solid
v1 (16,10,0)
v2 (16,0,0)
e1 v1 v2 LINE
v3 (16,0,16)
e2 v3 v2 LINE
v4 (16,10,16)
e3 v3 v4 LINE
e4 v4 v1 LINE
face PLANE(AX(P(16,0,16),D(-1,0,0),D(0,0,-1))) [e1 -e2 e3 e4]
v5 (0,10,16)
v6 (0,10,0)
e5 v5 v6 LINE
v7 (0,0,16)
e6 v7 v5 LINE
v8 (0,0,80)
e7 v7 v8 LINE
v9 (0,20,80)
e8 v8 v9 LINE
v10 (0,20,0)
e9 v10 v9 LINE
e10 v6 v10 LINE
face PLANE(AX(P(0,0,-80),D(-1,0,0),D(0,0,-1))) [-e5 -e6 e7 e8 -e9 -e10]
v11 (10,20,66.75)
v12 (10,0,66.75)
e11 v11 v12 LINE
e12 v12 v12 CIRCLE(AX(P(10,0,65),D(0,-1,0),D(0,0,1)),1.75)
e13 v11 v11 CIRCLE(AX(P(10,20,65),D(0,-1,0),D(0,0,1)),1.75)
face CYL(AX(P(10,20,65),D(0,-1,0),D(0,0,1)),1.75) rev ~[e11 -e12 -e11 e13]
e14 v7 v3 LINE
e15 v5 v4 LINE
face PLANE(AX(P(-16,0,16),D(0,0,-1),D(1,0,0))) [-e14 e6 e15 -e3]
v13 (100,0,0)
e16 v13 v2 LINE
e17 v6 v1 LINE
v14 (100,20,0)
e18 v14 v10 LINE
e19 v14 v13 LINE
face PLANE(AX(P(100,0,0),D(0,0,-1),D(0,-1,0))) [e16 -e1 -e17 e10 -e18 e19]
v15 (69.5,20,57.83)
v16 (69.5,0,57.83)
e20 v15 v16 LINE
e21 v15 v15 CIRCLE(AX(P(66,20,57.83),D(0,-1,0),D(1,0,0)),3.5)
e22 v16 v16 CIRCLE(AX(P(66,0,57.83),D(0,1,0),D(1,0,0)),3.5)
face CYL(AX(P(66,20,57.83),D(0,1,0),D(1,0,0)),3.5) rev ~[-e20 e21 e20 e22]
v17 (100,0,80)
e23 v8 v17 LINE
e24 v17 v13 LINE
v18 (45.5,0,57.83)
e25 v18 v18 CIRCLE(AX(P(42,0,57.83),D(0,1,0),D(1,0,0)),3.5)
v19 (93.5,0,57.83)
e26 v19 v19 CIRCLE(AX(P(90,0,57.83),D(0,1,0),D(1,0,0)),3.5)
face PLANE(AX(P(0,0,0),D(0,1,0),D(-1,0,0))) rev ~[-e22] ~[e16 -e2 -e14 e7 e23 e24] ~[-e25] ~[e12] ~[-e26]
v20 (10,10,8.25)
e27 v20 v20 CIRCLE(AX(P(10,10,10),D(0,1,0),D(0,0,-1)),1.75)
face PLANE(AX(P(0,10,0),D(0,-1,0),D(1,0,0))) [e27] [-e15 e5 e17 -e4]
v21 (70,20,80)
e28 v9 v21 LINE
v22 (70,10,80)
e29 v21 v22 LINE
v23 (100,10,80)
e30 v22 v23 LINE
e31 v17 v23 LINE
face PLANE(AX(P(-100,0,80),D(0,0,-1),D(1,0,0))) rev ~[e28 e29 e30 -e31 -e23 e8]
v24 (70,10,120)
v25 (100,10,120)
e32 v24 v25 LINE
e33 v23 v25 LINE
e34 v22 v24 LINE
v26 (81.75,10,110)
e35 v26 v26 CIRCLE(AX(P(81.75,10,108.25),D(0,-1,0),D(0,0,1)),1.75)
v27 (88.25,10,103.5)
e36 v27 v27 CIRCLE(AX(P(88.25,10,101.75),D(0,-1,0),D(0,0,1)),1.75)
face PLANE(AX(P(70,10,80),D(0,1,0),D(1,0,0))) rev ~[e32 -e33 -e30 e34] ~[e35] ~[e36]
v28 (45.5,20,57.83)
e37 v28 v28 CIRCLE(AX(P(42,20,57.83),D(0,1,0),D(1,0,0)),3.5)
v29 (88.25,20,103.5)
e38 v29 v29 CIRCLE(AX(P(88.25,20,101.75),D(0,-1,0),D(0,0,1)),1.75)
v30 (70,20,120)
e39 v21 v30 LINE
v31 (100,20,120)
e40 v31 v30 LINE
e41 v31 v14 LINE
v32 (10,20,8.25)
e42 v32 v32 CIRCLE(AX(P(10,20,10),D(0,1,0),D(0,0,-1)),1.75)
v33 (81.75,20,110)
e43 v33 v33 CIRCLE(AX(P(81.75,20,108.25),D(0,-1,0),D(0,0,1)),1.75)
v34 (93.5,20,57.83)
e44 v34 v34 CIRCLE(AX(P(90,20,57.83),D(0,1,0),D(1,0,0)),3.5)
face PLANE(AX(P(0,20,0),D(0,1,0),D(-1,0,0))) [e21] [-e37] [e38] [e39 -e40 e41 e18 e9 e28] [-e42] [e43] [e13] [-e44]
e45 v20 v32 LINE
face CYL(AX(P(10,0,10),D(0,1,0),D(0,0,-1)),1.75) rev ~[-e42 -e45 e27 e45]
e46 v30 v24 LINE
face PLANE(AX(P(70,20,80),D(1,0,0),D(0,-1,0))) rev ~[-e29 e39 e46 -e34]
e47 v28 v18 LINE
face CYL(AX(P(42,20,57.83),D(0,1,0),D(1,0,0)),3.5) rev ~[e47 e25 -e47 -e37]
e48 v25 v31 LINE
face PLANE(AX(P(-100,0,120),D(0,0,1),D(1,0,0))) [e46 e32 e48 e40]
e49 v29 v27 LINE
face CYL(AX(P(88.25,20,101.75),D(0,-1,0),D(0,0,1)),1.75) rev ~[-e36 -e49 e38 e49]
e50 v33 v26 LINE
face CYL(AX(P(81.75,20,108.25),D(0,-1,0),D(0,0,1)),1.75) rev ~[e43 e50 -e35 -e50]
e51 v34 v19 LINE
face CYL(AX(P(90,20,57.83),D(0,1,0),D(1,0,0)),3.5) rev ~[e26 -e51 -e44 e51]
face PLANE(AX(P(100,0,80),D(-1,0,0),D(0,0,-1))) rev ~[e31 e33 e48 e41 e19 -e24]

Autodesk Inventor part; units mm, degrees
ref_plane "YZ Plane" through (0, 0, 0) normal (1, 0, 0) x (0, 1, 0)
ref_plane "XZ Plane" through (0, 0, 0) normal (0, 1, 0) x (-1, 0, 0)
ref_plane "XY Plane" through (0, 0, 0) normal (0, 0, 1) x (1, 0, 0)
sketch "Boceto1" plane through (0, 0, 0) normal (0, 1, 0) x (-1, 0, 0)
  line L0 (100, 80) -> (-100, 80)
  line L1 (-100, 80) -> (-100, -80)
  line L2 (-100, -80) -> (100, -80)
  line L3 (100, -80) -> (100, 80)
  line L4 (100, 80) -> (-100, -80) construction
  line L5 (-100, 80) -> (100, -80) construction
  point P0 (0, 0)
  dimension "d0" = 200
  dimension "d1" = 160
extrude "Extrusión1" add sketch "Boceto1" along normal blind 20
sketch "Boceto2" plane through (0, 20, 0) normal (0, 1, 0) x (1, 0, 0)
  circle A0 centre (-90, -57.83) radius 3.5
  line L0 (-100, -65.43) -> (-32, -65.43)
  line L1 (-32, -65.43) -> (-32, 14.57)
  line L2 (-32, 14.57) -> (-100, 14.57)
  line L3 (-100, 14.57) -> (-100, -65.43)
  line L4 (-66, -65.43) -> (-66, -8.508)
  circle A1 centre (-66, -57.83) radius 3.5
  circle A2 centre (-42, -57.83) radius 3.5
  line L5 (-32, -25.43) -> (-48.2072, -25.43)
  circle A3 centre (-42, 6.97) radius 3.5
  circle A4 centre (-66, 6.97) radius 3.5
  circle A5 centre (-90, 6.97) radius 3.5
  circle A6 centre (-60, 55) radius 5
  line L6 (-100, 80) -> (-100, -80) projected
  line L7 (0, 0) -> (0, -20.5185)
  circle A7 centre (90, -57.83) radius 3.5
  circle A8 centre (66, -57.83) radius 3.5
  circle A9 centre (42, -57.83) radius 3.5
  line L8 (100, -65.43) -> (32, -65.43)
  line L9 (66, -65.43) -> (66, -8.508)
  line L10 (32, -25.43) -> (48.2072, -25.43)
  circle A10 centre (90, 6.97) radius 3.5
  line L11 (100, 14.57) -> (100, -65.43)
  circle A11 centre (66, 6.97) radius 3.5
  line L12 (32, 14.57) -> (100, 14.57)
  line L13 (32, -65.43) -> (32, 14.57)
  circle A12 centre (42, 6.97) radius 3.5
  circle A13 centre (60, 55) radius 5
  line L14 (100, 80) -> (100, -80)
  dimension "d4" = 7
  dimension "d5" = 68
  dimension "d6" = 80
  dimension "d7" = 7.6
  dimension "d8" = 10
  dimension "d9" = 7
  dimension "d10" = 24
  dimension "d11" = 10
  dimension "d16" = 0
  dimension "d19" = 40
extrude "Extrusión2" cut sketch "Boceto2" against normal blind 20 contours A0 | A1 L4 | L4 A1 | A2 | A3 | A4 | A5 | A7 | A8 L9 | L9 A8 | A9 | A10 | A11 | A12
sketch "Boceto3" plane through (-100, 0, 80) normal (0, 0, 1) x (1, 0, 0)
  line L0 (0, 20) -> (30, 20)
  line L1 (30, 20) -> (30, 10)
  line L2 (30, 10) -> (0, 10)
  line L3 (0, 10) -> (0, 20)
  line L4 (100, 0) -> (100, 11.6249)
  line L5 (200, 20) -> (170, 20)
  line L6 (170, 20) -> (170, 10)
  line L7 (170, 10) -> (200, 10)
  line L8 (200, 10) -> (200, 20)
  dimension "d22" = 30
  dimension "d23" = 10
extrude "Extrusión3" add sketch "Boceto3" along normal blind 40
sketch "Boceto4" plane through (0, 20, 0) normal (0, 1, 0) x (1, 0, 0)
  line L0 (-60, 60) -> (-60, 50)
  line L1 (-70, 50) -> (-70, 60)
  line L2 (-60, 50) -> (-70, 60) construction
  line L3 (-70, 50) -> (-60, 60) construction
  line L4 (-60, 50) -> (-70, 50)
  circle A0 centre (-68.25, 51.75) radius 1.75
  line L5 (-70, 60) -> (-60, 60)
  circle A1 centre (-61.75, 58.25) radius 1.75
  line L6 (100, 80) -> (-100, 80) projected
  line L7 (0, 80) -> (0, 60)
  line L8 (60, 60) -> (60, 50)
  circle A2 centre (61.75, 58.25) radius 1.75
  line L9 (70, 60) -> (60, 60)
  line L10 (70, 50) -> (70, 60)
  line L11 (60, 50) -> (70, 60) construction
  line L12 (70, 50) -> (60, 60) construction
  line L13 (60, 50) -> (70, 50)
  circle A3 centre (68.25, 51.75) radius 1.75
  line L14 (-100, 80) -> (-100, -120) projected
  line L15 (100, 80) -> (100, -120) projected
  point P0 (0, 0)
  point P1 (-70.0286, 64.971)
  point P2 (-65, 50)
  point P3 (70.0286, 64.971)
  point P4 (65, 50)
  dimension "d26" = 1.75
  dimension "d27" = 8.25
  dimension "d28" = 20
  dimension "d29" = 10
  dimension "d30" = 10
  dimension "d31" = 1.75
  dimension "d32" = 1.75
  dimension "d33" = 1.75
  dimension "d58" = 30
  dimension "d59" = 30
extrude "Extrusión4" cut sketch "Boceto4" against normal blind 40 contours A1 | A0 | A2 | A3
sketch "Boceto5" plane through (0, 20, 0) normal (0, 1, 0) x (1, 0, 0)
  line L0 (-100, -80) -> (-100, -120)
  line L1 (-70.0001, -120) -> (-70.0001, -80)
  line L2 (-55.1959, -79.9497) -> (-70.0001, -80)
  line L3 (-70.0001, -80) -> (-100, -80)
  line L4 (-100, -120) -> (-70.0001, -120)
  line L5 (-64.3507, -80) -> (-74.3507, -80)
  circle A0 centre (-81.75, -108.25) radius 1.75
  circle A1 centre (-88.25, -101.75) radius 1.75
  line L6 (-70.0001, -80) -> (70.0001, -80)
  line L7 (0, -80) -> (0, -101.75)
  circle A2 centre (81.75, -108.25) radius 1.75
  circle A3 centre (88.25, -101.75) radius 1.75
  line L8 (-70, -80) -> (70, -80) projected
  line L9 (-100, 80) -> (-100, -120) projected
  point P0 (0, 0)
  point P1 (-81.75, -101.75)
  point P2 (-63.4459, -118.25)
  point P3 (81.75, -101.75)
  dimension "d36" = 11.7499
  dimension "d37" = 40
  dimension "d38" = 29.9999
  dimension "d39" = 21.75
  dimension "d40" = 11.75
  dimension "d41" = 28.3003
  dimension "d42" = 11.7499
  dimension "d43" = 0
  dimension "d44" = 0
hole "Agujero1" at (-88.25, 20, 101.75) at (-81.75, 20, 108.25) at (81.75, 20, 108.25) at (88.25, 20, 101.75) direction (0, -1, 0) diameter 3.5 end through all
ref_plane "Plano de trabajo1" through (100, 0, 0) normal (0, 0, -1) x (-1, 0, 0)
ref_plane "Plano de trabajo2" through (0, 0, -80) normal (-1, 0, 0) x (0, 0, 1)
sketch "Boceto6" plane through (0, 0, 0) normal (0, -1, 0) x (1, 0, 0)
  circle A0 centre (10, -10) radius 1.75
  line L0 (6.803, 0) -> (14.6069, 0)
  line L1 (0, 0) -> (0, -4.8284)
  line L2 (0, 0) -> (20.0354, 0)
  circle A1 centre (10, 10) radius 1.75
  line L3 (0, 0) -> (0, 4.8284)
  circle A2 centre (-10, 10) radius 1.75
  circle A3 centre (-10, -10) radius 1.75
  dimension "d63" = 3.5
  dimension "d64" = 10
  dimension "d65" = 10
hole "Agujero2" at (10, 0, 10) at (-10, 0, 10) at (-10, 0, -10) at (10, 0, -10) direction (0, 1, 0) diameter 3.5 end through all
sketch "Boceto7" plane through (0, 0, 0) normal (0, -1, 0) x (1, 0, 0)
  line L0 (-16, 16) -> (16, 16)
  line L1 (16, 16) -> (16, -16)
  line L2 (16, -16) -> (-16, -16)
  line L3 (-16, -16) -> (-16, 16)
  line L4 (-16, 16) -> (16, -16) construction
  line L5 (16, 16) -> (-16, -16) construction
  point P0 (0, 0)
  point P1 (0, 0)
  point P2 (0, 0)
  dimension "d73" = 32
  dimension "d74" = 32
extrude "Extrusión5" cut sketch "Boceto7" against normal blind 10
sketch "Boceto8" plane through (0, 20, 0) normal (0, 1, 0) x (1, 0, 0)
  line L0 (-15, -60) -> (15, -60)
  circle A0 centre (10, -65) radius 1.75
  line L1 (-10, -65) -> (10, -65)
  line L2 (15, -60) -> (15, -70)
  circle A1 centre (-10, -65) radius 1.75
  line L3 (-15, -70) -> (15, -60) construction
  line L4 (-15, -60) -> (15, -70) construction
  line L5 (-15, -70) -> (-15, -60)
  line L6 (15, -70) -> (-15, -70)
  point P0 (0, 0)
  point P1 (0, -69.1269)
  point P2 (-15, -67.1661)
  point P3 (0, -69.1269)
  point P4 (15, -65)
  dimension "d77" = 10
  dimension "d78" = 30
  dimension "d79" = 5
  dimension "d80" = 5
  dimension "d81" = 5
  dimension "d82" = 5
hole "Agujero3" at (-10, 20, 65) at (10, 20, 65) direction (0, -1, 0) diameter 3.5 end through all
split "Dividir1" plane through (100, 0, 0) removes the side toward (0, 0, -1)
split "Dividir2" plane through (0, 0, -80) removes the side toward (-1, 0, 0)
properties part number "base_back_4"
